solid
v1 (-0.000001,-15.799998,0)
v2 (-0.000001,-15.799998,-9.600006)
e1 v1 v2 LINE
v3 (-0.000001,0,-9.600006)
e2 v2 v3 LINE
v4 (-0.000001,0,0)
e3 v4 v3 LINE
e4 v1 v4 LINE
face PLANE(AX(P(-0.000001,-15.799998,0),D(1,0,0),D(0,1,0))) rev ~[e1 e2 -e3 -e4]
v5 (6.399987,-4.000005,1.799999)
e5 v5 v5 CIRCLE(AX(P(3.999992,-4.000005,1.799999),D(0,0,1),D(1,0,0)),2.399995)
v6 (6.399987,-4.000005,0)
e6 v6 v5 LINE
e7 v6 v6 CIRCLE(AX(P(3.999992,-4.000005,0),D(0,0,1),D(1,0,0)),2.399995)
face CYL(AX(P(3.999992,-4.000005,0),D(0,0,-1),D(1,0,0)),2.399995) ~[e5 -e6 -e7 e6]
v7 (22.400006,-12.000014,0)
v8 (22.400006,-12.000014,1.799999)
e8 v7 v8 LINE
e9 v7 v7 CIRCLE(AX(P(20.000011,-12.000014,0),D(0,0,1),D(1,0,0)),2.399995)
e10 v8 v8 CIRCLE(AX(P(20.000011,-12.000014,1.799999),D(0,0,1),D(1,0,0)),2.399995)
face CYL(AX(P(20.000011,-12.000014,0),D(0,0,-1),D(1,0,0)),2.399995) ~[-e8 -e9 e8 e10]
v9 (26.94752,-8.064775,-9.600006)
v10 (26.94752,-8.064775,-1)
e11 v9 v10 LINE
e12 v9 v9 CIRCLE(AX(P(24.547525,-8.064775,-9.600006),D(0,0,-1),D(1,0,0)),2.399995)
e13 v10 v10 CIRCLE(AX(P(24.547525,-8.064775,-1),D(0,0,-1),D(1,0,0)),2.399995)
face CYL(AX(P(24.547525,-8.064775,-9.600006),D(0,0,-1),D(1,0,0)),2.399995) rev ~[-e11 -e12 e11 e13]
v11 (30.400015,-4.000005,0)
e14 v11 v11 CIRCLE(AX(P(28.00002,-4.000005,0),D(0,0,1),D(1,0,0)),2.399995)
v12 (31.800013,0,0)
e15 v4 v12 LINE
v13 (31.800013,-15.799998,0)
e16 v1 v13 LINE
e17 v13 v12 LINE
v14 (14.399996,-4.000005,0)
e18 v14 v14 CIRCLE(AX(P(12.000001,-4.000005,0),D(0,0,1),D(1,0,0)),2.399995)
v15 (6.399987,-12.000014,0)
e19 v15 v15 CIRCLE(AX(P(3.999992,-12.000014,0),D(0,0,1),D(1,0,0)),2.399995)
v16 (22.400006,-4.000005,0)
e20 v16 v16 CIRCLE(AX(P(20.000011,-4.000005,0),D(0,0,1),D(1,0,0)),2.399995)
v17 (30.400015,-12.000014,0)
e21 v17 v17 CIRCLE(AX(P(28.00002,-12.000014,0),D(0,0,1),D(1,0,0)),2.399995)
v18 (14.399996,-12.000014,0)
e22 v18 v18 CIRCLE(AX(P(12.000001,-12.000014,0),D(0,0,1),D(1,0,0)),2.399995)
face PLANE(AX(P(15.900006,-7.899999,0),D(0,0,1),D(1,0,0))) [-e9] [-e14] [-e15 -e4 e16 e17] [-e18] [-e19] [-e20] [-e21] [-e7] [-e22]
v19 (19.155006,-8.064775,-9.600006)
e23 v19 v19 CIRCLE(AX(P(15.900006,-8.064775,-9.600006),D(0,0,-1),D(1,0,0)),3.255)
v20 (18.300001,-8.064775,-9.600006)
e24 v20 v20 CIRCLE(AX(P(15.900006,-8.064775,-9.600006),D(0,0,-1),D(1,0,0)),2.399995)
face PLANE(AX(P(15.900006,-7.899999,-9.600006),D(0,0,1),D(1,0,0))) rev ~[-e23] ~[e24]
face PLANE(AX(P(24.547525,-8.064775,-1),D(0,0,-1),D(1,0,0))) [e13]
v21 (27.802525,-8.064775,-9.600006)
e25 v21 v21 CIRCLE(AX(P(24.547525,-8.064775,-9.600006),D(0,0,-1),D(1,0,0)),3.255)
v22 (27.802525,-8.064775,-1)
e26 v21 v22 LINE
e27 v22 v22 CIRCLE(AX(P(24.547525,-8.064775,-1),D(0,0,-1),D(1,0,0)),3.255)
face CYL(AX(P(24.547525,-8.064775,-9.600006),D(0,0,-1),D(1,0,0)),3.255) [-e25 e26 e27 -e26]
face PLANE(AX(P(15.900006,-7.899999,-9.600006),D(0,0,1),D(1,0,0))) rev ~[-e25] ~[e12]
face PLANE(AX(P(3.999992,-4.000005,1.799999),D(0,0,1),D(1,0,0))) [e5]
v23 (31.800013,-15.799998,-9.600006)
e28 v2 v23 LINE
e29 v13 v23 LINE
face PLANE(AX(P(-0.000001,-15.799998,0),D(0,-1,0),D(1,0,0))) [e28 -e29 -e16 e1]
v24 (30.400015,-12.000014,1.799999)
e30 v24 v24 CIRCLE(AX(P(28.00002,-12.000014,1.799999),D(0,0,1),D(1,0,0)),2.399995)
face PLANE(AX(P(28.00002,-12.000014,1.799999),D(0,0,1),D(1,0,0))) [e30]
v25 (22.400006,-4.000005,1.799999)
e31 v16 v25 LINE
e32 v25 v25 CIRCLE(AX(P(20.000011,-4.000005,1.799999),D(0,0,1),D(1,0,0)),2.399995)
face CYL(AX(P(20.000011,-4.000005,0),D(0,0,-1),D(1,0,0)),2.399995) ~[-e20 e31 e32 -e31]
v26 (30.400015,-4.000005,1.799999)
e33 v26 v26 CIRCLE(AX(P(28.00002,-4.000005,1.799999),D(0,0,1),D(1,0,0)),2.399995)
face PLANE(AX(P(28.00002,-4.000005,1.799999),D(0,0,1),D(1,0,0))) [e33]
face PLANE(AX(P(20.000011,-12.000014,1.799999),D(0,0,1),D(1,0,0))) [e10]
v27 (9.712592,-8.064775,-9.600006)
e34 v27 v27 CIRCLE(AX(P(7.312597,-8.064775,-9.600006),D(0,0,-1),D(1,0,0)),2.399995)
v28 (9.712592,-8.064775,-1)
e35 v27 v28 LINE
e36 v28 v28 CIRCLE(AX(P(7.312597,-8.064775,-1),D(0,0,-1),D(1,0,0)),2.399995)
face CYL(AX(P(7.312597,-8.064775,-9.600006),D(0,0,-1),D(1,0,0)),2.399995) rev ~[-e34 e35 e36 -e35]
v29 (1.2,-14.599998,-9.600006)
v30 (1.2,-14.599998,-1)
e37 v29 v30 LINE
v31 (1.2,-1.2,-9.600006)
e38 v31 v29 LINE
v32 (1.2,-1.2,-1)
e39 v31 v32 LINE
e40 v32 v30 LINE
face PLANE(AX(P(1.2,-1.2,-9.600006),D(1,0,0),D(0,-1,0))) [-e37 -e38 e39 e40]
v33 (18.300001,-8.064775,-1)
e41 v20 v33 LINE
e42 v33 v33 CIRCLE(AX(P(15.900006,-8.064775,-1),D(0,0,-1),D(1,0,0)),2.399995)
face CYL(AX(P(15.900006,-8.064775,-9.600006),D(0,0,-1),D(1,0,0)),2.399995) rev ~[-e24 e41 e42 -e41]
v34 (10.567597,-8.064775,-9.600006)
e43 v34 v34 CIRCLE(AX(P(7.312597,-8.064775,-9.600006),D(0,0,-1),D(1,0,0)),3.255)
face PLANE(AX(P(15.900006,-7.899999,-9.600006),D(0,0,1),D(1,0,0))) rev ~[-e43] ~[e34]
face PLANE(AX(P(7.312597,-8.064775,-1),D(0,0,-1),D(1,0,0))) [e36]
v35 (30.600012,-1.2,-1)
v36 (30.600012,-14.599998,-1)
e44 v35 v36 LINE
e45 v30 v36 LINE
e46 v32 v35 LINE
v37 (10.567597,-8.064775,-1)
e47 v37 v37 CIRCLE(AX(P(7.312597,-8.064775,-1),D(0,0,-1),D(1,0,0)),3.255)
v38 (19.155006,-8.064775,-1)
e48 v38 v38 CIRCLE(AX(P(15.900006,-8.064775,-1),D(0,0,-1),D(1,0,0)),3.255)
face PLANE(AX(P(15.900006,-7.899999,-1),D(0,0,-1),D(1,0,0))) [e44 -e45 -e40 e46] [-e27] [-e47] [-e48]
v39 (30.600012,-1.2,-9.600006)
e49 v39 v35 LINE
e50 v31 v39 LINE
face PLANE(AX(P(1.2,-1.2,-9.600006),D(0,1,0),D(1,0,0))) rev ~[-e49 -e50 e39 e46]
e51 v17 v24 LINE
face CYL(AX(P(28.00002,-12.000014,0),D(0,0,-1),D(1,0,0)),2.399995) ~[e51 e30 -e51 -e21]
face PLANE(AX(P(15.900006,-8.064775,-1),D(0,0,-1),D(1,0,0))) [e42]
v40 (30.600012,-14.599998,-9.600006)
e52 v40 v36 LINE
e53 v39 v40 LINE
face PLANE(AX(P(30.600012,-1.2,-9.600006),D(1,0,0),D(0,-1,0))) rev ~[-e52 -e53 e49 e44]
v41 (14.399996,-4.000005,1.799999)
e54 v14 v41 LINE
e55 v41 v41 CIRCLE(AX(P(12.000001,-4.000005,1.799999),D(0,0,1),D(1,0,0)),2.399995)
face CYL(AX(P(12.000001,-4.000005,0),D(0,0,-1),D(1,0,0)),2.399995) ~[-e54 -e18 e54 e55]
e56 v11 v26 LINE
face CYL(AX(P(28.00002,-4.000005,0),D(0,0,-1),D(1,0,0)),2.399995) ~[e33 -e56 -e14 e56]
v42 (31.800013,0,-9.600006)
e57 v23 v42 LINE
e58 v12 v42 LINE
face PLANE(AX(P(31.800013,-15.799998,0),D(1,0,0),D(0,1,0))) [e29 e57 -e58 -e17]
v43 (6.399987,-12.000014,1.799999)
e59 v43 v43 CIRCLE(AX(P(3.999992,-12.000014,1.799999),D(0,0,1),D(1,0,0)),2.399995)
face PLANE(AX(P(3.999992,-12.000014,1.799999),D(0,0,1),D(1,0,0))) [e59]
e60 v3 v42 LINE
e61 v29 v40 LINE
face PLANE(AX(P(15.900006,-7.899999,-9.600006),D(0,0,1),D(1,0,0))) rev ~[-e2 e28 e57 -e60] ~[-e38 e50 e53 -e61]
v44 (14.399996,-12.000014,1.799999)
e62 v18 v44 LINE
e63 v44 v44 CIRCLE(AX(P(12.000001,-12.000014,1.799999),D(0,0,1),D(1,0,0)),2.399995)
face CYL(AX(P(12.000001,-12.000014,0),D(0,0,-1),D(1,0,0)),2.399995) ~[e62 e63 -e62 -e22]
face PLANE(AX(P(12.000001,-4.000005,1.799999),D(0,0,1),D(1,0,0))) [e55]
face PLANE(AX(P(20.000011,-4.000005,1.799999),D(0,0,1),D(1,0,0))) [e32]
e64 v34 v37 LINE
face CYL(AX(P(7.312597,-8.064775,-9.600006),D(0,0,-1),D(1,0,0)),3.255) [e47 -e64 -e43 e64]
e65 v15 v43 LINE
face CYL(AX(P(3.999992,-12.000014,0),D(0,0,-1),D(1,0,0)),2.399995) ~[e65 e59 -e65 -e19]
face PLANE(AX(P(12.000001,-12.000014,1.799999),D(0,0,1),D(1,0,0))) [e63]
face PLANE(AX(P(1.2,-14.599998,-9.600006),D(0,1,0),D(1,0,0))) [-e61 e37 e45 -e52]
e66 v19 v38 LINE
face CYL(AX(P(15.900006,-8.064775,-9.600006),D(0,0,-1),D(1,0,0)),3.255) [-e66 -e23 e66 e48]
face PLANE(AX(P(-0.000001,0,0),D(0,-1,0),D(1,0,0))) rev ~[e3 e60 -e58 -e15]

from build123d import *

# Parameters (mm, degrees)
F0_W     = 31.800013
F0_H     = 15.799999
F1_DEPTH = 9.600006
F2_R     = 2.399995
F3_DEPTH = 1.799999
F4_W     = 29.400012
F4_H     = 13.399999
F4_R     = 3.255
F4_R_2   = 2.399995
F5_DEPTH = 8.600006


with BuildPart() as f1:
    # F0 (on Top) → F1 (new body)
    with BuildSketch(Plane.XY):
        with Locations((15.900006, -7.899999)):
            Rectangle(F0_W, F0_H)
    extrude(amount=-F1_DEPTH)

    # F2 (on Top) → F3 (join)
    with BuildSketch(Plane.XY):
        with Locations((3.999992, -4.000005)):
            Circle(F2_R)
        with Locations((12.000001, -4.000005)):
            Circle(F2_R)
        with Locations((20.000011, -4.000005)):
            Circle(F2_R)
        with Locations((28.00002, -4.000005)):
            Circle(F2_R)
        with Locations((28.00002, -12.000014)):
            Circle(F2_R)
        with Locations((20.000011, -12.000014)):
            Circle(F2_R)
        with Locations((12.000001, -12.000014)):
            Circle(F2_R)
        with Locations((3.999992, -12.000014)):
            Circle(F2_R)
    extrude(amount=F3_DEPTH)

    # F4 (on face) → F5 (cut)
    with BuildSketch(Plane(origin=(0, 0, -9.600006), x_dir=(1, 0, 0), z_dir=(0, 0, -1))):
        with Locations((15.900006, 7.899999)):
            Rectangle(F4_W, F4_H)
        with Locations((7.312597, 8.064775)):
            Circle(F4_R, mode=Mode.SUBTRACT)
        with Locations((15.900006, 8.064775)):
            Circle(F4_R, mode=Mode.SUBTRACT)
        with Locations((24.547525, 8.064775)):
            Circle(F4_R, mode=Mode.SUBTRACT)
        with Locations((7.312597, 8.064775)):
            Circle(F4_R_2)
        with Locations((15.900006, 8.064775)):
            Circle(F4_R_2)
        with Locations((24.547525, 8.064775)):
            Circle(F4_R_2)
    extrude(amount=-F5_DEPTH, mode=Mode.SUBTRACT)


solid = f1.part
